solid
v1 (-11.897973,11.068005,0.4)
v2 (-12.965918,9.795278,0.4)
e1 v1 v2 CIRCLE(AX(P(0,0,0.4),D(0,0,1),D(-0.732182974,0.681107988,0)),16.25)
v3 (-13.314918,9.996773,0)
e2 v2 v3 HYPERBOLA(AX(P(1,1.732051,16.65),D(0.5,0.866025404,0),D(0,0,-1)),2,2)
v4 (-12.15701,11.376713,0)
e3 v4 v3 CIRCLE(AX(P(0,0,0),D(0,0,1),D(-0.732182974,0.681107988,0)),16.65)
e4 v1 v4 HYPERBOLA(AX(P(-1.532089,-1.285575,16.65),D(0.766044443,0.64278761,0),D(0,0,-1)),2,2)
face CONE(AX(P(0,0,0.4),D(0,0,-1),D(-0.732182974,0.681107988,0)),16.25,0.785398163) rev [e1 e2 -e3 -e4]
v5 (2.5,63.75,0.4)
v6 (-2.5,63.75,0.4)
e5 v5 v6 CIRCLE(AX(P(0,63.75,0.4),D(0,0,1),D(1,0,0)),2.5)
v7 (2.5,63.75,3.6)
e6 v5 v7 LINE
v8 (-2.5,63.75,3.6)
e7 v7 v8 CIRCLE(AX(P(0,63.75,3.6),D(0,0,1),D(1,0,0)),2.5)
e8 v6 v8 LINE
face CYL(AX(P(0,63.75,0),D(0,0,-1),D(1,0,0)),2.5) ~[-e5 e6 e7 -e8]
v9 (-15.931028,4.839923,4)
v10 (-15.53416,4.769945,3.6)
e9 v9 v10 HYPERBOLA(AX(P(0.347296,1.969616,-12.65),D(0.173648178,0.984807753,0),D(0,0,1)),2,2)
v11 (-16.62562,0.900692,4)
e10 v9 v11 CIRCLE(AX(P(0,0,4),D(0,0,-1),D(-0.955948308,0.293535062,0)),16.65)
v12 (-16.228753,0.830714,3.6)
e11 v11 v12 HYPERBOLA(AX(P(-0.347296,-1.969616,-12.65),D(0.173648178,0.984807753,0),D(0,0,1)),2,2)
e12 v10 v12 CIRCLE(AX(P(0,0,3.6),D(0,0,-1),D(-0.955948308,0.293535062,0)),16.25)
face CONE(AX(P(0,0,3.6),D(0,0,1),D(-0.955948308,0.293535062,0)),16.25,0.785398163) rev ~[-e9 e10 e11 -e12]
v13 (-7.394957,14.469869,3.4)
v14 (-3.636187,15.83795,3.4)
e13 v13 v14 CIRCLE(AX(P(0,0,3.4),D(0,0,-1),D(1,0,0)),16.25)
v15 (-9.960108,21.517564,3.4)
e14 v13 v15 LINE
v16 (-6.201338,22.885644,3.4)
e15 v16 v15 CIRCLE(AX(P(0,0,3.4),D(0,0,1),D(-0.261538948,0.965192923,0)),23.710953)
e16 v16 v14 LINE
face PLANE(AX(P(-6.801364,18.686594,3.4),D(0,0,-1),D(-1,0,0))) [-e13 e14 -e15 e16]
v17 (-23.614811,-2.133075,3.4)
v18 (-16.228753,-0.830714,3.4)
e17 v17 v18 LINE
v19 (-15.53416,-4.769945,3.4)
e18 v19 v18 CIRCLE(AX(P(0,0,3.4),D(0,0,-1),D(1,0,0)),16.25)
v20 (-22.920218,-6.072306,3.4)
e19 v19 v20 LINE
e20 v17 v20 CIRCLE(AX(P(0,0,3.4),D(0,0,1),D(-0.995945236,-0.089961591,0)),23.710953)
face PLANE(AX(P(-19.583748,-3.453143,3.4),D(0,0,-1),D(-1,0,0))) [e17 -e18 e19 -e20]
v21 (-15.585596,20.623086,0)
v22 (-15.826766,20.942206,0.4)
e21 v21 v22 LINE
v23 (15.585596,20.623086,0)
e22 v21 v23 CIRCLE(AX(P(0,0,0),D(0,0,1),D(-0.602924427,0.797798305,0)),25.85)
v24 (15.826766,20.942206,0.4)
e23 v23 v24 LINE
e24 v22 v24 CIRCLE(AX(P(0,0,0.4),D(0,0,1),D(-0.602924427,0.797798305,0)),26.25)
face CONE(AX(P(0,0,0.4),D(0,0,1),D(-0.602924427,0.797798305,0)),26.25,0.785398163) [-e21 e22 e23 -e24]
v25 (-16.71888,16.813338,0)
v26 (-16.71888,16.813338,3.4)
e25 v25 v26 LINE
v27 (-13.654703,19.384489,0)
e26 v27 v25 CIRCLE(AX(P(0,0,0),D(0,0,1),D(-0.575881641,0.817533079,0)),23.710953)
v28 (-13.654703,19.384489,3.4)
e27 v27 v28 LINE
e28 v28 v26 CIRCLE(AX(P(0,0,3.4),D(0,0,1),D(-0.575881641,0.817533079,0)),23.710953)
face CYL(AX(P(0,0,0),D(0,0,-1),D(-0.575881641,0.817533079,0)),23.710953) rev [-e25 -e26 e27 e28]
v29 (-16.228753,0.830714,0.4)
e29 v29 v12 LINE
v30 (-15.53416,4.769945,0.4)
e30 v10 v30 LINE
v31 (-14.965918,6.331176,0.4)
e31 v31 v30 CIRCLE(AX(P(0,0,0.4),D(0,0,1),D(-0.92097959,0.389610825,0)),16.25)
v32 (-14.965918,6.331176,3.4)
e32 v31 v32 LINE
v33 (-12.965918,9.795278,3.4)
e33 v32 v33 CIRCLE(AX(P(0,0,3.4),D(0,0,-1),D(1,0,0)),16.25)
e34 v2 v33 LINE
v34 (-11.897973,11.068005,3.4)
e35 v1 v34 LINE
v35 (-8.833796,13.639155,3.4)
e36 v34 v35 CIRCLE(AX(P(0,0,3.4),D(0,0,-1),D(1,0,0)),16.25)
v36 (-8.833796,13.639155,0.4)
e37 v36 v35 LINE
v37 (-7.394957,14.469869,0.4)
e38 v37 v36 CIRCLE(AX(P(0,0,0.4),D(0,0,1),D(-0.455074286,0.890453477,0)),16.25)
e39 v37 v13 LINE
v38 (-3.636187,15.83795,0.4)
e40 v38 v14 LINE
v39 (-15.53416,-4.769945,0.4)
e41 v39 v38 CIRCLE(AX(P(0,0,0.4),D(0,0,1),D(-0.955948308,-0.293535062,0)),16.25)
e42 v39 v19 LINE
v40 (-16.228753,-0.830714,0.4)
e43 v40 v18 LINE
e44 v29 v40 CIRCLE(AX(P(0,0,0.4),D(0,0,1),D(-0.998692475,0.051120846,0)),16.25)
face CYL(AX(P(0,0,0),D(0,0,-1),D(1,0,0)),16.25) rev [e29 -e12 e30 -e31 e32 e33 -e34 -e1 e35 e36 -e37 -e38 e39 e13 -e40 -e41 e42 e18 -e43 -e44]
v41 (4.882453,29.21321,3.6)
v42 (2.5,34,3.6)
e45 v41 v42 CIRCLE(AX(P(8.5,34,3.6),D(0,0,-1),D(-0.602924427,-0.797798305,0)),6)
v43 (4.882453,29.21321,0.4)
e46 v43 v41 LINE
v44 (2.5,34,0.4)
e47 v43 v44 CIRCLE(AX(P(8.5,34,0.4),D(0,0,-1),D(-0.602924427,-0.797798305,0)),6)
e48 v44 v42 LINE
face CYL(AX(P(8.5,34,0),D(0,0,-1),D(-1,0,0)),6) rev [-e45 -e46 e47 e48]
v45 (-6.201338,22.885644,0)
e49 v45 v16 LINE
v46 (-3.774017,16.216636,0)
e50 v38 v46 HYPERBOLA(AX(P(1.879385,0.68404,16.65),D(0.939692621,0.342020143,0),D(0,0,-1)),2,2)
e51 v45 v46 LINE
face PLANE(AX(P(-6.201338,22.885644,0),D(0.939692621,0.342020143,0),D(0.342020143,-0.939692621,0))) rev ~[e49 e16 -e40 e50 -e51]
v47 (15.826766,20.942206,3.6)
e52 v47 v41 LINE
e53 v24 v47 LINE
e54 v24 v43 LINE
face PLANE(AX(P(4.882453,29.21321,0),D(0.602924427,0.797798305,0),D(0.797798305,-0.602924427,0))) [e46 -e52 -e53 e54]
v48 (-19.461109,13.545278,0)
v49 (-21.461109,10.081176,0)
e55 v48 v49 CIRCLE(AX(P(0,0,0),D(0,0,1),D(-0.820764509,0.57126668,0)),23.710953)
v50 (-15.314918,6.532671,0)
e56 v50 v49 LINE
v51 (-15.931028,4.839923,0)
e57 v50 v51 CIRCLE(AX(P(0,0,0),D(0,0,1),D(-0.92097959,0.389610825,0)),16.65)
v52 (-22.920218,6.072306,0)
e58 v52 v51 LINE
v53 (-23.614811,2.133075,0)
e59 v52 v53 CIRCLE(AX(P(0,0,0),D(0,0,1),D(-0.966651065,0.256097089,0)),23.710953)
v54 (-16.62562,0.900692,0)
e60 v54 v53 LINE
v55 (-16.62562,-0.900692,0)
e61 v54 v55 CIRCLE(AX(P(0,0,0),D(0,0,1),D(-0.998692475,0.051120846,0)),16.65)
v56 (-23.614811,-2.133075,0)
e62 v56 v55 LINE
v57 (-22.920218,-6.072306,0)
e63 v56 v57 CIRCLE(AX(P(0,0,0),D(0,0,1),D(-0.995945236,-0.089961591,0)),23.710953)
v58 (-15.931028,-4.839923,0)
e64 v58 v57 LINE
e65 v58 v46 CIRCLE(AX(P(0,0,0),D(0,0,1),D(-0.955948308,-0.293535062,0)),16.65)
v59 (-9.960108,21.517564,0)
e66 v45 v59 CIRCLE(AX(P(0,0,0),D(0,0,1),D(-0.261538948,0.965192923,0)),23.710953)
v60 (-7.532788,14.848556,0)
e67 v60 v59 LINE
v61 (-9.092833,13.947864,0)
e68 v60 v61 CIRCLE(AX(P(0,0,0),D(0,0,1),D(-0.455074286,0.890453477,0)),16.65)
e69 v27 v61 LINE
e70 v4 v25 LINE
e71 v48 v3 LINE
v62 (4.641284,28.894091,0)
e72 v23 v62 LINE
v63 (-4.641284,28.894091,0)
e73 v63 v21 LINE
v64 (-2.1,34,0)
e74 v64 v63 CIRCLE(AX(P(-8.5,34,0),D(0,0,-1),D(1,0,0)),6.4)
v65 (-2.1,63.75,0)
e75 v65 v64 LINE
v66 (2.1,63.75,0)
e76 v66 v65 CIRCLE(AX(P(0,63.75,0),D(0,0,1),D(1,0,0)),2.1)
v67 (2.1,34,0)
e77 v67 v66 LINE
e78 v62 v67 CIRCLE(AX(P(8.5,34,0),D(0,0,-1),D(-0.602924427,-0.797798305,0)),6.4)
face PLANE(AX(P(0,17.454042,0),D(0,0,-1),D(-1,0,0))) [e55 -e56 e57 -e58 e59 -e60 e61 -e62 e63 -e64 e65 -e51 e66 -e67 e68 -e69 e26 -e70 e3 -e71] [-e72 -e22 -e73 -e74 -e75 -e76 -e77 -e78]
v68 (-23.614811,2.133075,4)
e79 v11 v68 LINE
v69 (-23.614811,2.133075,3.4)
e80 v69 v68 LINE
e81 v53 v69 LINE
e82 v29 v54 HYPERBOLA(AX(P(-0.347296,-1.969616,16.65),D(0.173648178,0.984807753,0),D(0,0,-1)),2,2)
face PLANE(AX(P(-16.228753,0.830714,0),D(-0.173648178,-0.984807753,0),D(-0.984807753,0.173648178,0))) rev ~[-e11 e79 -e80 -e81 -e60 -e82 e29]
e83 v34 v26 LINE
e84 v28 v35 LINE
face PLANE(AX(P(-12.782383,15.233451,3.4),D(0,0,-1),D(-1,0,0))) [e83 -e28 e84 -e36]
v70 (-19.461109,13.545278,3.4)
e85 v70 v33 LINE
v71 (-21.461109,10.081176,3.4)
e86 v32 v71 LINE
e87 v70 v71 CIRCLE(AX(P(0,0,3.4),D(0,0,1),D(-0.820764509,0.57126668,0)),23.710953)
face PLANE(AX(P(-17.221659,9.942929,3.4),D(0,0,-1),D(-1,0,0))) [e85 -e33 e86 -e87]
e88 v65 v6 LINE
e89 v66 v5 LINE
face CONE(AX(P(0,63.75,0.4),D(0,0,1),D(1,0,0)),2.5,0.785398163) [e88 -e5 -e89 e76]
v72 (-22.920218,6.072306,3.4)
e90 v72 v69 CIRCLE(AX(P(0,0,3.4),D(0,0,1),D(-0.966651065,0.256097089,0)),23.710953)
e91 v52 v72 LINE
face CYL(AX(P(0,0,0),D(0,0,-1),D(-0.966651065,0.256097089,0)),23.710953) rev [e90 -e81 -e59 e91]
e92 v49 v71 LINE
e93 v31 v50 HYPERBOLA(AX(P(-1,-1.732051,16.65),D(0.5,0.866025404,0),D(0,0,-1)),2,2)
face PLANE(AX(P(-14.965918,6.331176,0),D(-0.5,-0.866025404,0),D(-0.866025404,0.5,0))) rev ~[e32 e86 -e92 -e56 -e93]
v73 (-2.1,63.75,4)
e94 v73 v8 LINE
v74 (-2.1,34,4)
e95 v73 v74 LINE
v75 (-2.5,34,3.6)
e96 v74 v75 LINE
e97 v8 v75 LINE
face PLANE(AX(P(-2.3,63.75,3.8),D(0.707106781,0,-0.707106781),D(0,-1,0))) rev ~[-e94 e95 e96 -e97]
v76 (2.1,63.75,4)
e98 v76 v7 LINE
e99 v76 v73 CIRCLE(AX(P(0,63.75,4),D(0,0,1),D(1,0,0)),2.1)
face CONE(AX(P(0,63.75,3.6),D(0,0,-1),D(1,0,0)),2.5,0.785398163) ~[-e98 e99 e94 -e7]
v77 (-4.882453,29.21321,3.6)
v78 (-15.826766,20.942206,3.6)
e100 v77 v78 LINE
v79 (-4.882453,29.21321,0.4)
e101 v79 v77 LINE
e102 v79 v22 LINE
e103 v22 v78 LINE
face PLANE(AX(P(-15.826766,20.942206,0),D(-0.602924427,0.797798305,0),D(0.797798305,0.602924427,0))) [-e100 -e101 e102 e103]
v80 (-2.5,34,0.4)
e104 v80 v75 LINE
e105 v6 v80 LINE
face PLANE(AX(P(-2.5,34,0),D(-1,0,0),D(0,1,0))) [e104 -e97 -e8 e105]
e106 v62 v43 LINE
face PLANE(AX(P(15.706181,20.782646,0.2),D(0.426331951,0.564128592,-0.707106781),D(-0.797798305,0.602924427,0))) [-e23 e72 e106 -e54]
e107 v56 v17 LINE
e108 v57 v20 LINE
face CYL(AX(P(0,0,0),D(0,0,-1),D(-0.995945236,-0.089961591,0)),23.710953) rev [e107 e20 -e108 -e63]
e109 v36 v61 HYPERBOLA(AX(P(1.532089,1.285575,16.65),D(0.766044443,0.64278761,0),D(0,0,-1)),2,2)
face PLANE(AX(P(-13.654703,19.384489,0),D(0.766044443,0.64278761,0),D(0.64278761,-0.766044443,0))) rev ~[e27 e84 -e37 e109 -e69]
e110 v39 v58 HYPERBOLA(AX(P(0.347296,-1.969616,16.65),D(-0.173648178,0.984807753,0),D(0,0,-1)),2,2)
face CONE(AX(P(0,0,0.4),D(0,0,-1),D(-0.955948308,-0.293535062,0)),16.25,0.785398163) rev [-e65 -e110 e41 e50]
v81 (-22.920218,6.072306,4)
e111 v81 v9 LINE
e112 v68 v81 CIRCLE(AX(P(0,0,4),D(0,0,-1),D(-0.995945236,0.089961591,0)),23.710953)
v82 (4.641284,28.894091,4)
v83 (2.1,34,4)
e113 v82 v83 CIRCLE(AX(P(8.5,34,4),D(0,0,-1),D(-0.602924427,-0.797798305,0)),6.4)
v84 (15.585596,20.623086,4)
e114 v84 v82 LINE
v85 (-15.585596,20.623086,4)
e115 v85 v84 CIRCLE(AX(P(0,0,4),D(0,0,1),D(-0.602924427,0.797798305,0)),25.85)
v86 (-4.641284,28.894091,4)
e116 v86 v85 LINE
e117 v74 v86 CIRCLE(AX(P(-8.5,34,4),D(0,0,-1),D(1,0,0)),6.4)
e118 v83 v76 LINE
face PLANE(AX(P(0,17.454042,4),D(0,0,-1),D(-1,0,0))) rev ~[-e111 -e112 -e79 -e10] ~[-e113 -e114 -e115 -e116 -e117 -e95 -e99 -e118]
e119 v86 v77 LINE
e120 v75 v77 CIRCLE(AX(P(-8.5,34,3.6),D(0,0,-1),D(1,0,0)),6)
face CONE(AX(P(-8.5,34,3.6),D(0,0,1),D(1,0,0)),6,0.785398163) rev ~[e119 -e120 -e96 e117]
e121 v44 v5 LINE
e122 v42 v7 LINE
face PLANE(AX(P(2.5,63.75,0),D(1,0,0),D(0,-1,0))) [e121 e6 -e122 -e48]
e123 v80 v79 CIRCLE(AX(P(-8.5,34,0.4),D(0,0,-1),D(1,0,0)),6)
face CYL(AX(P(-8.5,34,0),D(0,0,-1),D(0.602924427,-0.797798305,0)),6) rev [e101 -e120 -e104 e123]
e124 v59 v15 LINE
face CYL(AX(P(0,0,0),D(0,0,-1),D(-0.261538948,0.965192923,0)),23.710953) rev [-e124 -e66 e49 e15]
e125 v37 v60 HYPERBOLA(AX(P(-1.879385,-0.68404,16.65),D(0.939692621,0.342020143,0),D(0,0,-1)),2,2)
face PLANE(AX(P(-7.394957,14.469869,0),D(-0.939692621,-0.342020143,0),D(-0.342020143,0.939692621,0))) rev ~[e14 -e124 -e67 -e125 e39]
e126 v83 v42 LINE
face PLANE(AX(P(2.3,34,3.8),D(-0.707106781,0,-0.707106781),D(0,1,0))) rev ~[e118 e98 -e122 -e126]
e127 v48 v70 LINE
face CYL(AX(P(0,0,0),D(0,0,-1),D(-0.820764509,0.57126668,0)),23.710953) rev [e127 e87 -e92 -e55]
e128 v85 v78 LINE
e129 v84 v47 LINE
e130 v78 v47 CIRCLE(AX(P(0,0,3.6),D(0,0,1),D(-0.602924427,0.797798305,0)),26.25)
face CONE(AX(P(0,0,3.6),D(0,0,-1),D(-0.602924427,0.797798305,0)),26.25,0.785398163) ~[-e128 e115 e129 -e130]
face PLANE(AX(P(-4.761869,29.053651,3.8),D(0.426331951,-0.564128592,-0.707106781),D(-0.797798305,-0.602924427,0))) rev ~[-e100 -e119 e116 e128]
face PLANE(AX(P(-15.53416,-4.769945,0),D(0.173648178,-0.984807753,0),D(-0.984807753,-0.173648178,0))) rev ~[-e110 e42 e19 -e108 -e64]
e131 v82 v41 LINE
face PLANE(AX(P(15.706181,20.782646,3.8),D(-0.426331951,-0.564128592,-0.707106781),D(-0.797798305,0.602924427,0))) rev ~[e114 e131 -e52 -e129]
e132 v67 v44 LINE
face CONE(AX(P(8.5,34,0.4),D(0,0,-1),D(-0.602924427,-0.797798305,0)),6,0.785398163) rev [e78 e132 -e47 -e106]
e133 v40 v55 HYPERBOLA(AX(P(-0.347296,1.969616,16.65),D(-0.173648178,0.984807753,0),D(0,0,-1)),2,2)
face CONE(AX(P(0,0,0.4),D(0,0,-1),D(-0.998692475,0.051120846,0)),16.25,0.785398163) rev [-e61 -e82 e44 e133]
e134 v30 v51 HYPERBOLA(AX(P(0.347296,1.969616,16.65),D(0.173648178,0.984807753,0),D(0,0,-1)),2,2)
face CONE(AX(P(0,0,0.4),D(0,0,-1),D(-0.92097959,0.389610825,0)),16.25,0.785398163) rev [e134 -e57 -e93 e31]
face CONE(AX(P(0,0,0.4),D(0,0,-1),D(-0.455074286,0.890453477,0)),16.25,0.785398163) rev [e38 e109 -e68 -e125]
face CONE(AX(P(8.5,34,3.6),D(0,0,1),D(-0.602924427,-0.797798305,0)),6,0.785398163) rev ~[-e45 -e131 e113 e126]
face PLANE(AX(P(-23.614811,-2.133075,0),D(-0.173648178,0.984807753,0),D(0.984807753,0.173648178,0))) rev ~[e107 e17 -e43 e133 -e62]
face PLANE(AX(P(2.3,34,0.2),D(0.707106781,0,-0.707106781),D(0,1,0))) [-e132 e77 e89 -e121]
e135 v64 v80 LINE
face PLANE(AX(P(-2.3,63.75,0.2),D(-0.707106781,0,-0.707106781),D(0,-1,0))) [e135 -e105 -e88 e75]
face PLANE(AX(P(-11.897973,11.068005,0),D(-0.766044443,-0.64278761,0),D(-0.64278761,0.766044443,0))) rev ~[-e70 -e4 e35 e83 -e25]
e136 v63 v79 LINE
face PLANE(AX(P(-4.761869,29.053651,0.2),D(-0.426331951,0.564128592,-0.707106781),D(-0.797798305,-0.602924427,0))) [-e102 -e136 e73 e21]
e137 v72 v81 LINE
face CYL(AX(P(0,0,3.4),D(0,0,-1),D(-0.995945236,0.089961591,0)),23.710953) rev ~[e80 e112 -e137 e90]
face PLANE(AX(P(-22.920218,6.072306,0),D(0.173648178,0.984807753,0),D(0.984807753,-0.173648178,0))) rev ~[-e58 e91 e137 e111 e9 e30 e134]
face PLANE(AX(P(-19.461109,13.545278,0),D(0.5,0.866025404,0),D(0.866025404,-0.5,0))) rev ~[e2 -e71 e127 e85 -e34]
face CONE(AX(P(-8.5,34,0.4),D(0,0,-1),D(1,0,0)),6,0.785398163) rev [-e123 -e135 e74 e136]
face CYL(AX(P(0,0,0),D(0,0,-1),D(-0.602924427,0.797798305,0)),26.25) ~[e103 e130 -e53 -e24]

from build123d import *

# Parameters (mm, degrees)
SKETCH039_R     = 16.25
PAD017_DEPTH    = 4
POCKET014_DEPTH = 3.4
POCKET015_DEPTH = 0.601
CHAMFER012_SIZE = 0.4


with BuildPart() as part:
    # Sketch039 → Pad017 (new body)
    with BuildSketch(Plane.XY):
        with BuildLine():
            Line((-15.8267662036, 20.9422055079), (-4.8824534392, 29.2132101696))
            ThreePointArc((-4.8824534392, 29.2132101696), (-3.1285346801, 31.3265452468), (-2.5, 34))
            Line((-2.5, 34), (-2.5, 63.75))
            ThreePointArc((2.5, 63.75), (0, 66.25), (-2.5, 63.75))
            Line((2.5, 63.75), (2.5, 34))
            ThreePointArc((2.5, 34), (3.1285346801, 31.3265452468), (4.8824534392, 29.2132101696))
            Line((4.8824534392, 29.2132101696), (15.8267662036, 20.9422055079))
            ThreePointArc((-15.8267662036, 20.9422055079), (0, -26.25), (15.8267662036, 20.9422055079))
        make_face()
        Circle(SKETCH039_R, mode=Mode.SUBTRACT)
    extrude(amount=PAD017_DEPTH)

    # Sketch040 → Pocket014 (cut)
    with BuildSketch(Plane.XY):
        with BuildLine():
            Line((-14.9659183372, 6.3311759039), (-21.4611088655, 10.0811759039))
            ThreePointArc((-19.4611088655, 13.545277519), (-20.5342878135, 11.8554765967), (-21.4611088655, 10.0811759039))
            Line((-19.4611088655, 13.545277519), (-12.9659183372, 9.795277519))
            Line((-12.9659183372, 9.795277519), (-14.9659183372, 6.3311759039))
        make_face()
        with BuildLine():
            Line((-16.2287527148, 0.8307137431), (-23.6148108624, 2.1330750756))
            ThreePointArc((-22.9202181517, 6.0723060876), (-23.3507305362, 4.1173638128), (-23.6148108624, 2.1330750756))
            Line((-22.9202181517, 6.0723060876), (-15.5341600041, 4.7699447551))
            Line((-15.5341600041, 4.7699447551), (-16.2287527148, 0.8307137431))
        make_face()
        with BuildLine():
            Line((-11.8979733346, 11.0680048124), (-16.7188804073, 16.8133381358))
            ThreePointArc((-13.6547026348, 19.3844885746), (-15.2411069266, 18.1636439349), (-16.7188804073, 16.8133381358))
            Line((-13.6547026348, 19.3844885746), (-8.8337955622, 13.6391552512))
            Line((-11.8979733346, 11.0680048124), (-8.8337955622, 13.6391552512))
        make_face()
        with BuildLine():
            Line((-7.3949571526, 14.4698689943), (-9.9601082275, 21.5175636502))
            ThreePointArc((-6.2013377444, 22.8856442235), (-8.1096236096, 22.2810077477), (-9.9601082275, 21.5175636502))
            Line((-6.2013377444, 22.8856442235), (-3.6361866695, 15.8379495676))
            Line((-7.3949571526, 14.4698689943), (-3.6361866695, 15.8379495676))
        make_face()
        with BuildLine():
            Line((-15.5341600041, -4.7699447551), (-22.9202181517, -6.0723060876))
            ThreePointArc((-23.6148108624, -2.1330750756), (-23.3507305362, -4.1173638128), (-22.9202181517, -6.0723060876))
            Line((-23.6148108624, -2.1330750756), (-16.2287527148, -0.8307137431))
            Line((-16.2287527148, -0.8307137431), (-15.5341600041, -4.7699447551))
        make_face()
    extrude(amount=POCKET014_DEPTH, mode=Mode.SUBTRACT)

    # Pocket014 Face30 → Pocket015 (cut, through all)
    with BuildSketch(Plane(origin=(-19.6427739907, 3.4635510305, 3.4), x_dir=(0, -1, 0), z_dir=(0, 0, -1))):
        with BuildLine():
            Line((2.6328372874, -3.4140212759), (1.3304759549, 3.9720368717))
            ThreePointArc((1.3304759549, 3.9720368717), (-0.6538127823, 3.7079565456), (-2.6087550571, 3.277444161))
            Line((-2.6087550571, 3.277444161), (-1.3063937246, -4.1086139866))
            ThreePointArc((-1.3063937246, -4.1086139866), (0.6417681434, -3.6396480042), (2.6328372874, -3.4140212759))
        make_face()
    extrude(amount=-POCKET015_DEPTH, mode=Mode.SUBTRACT)

    # Chamfer012
    chamfer012_edges = [part.edges().sort_by_distance(p)[0] for p in [
        (2.41168, 16.070044, 4),
        (0, -26.25, 4),
        (0, -26.25, 0),
        (2.41168, -16.070044, 0),
        (-16.25, 0, 0),
        (-15.270005, 5.557827, 0),
        (-12.448222, 10.445299, 0),
        (-8.125, 14.072913, 0),
    ]]
    chamfer(chamfer012_edges, length=CHAMFER012_SIZE)


solid = part.part
